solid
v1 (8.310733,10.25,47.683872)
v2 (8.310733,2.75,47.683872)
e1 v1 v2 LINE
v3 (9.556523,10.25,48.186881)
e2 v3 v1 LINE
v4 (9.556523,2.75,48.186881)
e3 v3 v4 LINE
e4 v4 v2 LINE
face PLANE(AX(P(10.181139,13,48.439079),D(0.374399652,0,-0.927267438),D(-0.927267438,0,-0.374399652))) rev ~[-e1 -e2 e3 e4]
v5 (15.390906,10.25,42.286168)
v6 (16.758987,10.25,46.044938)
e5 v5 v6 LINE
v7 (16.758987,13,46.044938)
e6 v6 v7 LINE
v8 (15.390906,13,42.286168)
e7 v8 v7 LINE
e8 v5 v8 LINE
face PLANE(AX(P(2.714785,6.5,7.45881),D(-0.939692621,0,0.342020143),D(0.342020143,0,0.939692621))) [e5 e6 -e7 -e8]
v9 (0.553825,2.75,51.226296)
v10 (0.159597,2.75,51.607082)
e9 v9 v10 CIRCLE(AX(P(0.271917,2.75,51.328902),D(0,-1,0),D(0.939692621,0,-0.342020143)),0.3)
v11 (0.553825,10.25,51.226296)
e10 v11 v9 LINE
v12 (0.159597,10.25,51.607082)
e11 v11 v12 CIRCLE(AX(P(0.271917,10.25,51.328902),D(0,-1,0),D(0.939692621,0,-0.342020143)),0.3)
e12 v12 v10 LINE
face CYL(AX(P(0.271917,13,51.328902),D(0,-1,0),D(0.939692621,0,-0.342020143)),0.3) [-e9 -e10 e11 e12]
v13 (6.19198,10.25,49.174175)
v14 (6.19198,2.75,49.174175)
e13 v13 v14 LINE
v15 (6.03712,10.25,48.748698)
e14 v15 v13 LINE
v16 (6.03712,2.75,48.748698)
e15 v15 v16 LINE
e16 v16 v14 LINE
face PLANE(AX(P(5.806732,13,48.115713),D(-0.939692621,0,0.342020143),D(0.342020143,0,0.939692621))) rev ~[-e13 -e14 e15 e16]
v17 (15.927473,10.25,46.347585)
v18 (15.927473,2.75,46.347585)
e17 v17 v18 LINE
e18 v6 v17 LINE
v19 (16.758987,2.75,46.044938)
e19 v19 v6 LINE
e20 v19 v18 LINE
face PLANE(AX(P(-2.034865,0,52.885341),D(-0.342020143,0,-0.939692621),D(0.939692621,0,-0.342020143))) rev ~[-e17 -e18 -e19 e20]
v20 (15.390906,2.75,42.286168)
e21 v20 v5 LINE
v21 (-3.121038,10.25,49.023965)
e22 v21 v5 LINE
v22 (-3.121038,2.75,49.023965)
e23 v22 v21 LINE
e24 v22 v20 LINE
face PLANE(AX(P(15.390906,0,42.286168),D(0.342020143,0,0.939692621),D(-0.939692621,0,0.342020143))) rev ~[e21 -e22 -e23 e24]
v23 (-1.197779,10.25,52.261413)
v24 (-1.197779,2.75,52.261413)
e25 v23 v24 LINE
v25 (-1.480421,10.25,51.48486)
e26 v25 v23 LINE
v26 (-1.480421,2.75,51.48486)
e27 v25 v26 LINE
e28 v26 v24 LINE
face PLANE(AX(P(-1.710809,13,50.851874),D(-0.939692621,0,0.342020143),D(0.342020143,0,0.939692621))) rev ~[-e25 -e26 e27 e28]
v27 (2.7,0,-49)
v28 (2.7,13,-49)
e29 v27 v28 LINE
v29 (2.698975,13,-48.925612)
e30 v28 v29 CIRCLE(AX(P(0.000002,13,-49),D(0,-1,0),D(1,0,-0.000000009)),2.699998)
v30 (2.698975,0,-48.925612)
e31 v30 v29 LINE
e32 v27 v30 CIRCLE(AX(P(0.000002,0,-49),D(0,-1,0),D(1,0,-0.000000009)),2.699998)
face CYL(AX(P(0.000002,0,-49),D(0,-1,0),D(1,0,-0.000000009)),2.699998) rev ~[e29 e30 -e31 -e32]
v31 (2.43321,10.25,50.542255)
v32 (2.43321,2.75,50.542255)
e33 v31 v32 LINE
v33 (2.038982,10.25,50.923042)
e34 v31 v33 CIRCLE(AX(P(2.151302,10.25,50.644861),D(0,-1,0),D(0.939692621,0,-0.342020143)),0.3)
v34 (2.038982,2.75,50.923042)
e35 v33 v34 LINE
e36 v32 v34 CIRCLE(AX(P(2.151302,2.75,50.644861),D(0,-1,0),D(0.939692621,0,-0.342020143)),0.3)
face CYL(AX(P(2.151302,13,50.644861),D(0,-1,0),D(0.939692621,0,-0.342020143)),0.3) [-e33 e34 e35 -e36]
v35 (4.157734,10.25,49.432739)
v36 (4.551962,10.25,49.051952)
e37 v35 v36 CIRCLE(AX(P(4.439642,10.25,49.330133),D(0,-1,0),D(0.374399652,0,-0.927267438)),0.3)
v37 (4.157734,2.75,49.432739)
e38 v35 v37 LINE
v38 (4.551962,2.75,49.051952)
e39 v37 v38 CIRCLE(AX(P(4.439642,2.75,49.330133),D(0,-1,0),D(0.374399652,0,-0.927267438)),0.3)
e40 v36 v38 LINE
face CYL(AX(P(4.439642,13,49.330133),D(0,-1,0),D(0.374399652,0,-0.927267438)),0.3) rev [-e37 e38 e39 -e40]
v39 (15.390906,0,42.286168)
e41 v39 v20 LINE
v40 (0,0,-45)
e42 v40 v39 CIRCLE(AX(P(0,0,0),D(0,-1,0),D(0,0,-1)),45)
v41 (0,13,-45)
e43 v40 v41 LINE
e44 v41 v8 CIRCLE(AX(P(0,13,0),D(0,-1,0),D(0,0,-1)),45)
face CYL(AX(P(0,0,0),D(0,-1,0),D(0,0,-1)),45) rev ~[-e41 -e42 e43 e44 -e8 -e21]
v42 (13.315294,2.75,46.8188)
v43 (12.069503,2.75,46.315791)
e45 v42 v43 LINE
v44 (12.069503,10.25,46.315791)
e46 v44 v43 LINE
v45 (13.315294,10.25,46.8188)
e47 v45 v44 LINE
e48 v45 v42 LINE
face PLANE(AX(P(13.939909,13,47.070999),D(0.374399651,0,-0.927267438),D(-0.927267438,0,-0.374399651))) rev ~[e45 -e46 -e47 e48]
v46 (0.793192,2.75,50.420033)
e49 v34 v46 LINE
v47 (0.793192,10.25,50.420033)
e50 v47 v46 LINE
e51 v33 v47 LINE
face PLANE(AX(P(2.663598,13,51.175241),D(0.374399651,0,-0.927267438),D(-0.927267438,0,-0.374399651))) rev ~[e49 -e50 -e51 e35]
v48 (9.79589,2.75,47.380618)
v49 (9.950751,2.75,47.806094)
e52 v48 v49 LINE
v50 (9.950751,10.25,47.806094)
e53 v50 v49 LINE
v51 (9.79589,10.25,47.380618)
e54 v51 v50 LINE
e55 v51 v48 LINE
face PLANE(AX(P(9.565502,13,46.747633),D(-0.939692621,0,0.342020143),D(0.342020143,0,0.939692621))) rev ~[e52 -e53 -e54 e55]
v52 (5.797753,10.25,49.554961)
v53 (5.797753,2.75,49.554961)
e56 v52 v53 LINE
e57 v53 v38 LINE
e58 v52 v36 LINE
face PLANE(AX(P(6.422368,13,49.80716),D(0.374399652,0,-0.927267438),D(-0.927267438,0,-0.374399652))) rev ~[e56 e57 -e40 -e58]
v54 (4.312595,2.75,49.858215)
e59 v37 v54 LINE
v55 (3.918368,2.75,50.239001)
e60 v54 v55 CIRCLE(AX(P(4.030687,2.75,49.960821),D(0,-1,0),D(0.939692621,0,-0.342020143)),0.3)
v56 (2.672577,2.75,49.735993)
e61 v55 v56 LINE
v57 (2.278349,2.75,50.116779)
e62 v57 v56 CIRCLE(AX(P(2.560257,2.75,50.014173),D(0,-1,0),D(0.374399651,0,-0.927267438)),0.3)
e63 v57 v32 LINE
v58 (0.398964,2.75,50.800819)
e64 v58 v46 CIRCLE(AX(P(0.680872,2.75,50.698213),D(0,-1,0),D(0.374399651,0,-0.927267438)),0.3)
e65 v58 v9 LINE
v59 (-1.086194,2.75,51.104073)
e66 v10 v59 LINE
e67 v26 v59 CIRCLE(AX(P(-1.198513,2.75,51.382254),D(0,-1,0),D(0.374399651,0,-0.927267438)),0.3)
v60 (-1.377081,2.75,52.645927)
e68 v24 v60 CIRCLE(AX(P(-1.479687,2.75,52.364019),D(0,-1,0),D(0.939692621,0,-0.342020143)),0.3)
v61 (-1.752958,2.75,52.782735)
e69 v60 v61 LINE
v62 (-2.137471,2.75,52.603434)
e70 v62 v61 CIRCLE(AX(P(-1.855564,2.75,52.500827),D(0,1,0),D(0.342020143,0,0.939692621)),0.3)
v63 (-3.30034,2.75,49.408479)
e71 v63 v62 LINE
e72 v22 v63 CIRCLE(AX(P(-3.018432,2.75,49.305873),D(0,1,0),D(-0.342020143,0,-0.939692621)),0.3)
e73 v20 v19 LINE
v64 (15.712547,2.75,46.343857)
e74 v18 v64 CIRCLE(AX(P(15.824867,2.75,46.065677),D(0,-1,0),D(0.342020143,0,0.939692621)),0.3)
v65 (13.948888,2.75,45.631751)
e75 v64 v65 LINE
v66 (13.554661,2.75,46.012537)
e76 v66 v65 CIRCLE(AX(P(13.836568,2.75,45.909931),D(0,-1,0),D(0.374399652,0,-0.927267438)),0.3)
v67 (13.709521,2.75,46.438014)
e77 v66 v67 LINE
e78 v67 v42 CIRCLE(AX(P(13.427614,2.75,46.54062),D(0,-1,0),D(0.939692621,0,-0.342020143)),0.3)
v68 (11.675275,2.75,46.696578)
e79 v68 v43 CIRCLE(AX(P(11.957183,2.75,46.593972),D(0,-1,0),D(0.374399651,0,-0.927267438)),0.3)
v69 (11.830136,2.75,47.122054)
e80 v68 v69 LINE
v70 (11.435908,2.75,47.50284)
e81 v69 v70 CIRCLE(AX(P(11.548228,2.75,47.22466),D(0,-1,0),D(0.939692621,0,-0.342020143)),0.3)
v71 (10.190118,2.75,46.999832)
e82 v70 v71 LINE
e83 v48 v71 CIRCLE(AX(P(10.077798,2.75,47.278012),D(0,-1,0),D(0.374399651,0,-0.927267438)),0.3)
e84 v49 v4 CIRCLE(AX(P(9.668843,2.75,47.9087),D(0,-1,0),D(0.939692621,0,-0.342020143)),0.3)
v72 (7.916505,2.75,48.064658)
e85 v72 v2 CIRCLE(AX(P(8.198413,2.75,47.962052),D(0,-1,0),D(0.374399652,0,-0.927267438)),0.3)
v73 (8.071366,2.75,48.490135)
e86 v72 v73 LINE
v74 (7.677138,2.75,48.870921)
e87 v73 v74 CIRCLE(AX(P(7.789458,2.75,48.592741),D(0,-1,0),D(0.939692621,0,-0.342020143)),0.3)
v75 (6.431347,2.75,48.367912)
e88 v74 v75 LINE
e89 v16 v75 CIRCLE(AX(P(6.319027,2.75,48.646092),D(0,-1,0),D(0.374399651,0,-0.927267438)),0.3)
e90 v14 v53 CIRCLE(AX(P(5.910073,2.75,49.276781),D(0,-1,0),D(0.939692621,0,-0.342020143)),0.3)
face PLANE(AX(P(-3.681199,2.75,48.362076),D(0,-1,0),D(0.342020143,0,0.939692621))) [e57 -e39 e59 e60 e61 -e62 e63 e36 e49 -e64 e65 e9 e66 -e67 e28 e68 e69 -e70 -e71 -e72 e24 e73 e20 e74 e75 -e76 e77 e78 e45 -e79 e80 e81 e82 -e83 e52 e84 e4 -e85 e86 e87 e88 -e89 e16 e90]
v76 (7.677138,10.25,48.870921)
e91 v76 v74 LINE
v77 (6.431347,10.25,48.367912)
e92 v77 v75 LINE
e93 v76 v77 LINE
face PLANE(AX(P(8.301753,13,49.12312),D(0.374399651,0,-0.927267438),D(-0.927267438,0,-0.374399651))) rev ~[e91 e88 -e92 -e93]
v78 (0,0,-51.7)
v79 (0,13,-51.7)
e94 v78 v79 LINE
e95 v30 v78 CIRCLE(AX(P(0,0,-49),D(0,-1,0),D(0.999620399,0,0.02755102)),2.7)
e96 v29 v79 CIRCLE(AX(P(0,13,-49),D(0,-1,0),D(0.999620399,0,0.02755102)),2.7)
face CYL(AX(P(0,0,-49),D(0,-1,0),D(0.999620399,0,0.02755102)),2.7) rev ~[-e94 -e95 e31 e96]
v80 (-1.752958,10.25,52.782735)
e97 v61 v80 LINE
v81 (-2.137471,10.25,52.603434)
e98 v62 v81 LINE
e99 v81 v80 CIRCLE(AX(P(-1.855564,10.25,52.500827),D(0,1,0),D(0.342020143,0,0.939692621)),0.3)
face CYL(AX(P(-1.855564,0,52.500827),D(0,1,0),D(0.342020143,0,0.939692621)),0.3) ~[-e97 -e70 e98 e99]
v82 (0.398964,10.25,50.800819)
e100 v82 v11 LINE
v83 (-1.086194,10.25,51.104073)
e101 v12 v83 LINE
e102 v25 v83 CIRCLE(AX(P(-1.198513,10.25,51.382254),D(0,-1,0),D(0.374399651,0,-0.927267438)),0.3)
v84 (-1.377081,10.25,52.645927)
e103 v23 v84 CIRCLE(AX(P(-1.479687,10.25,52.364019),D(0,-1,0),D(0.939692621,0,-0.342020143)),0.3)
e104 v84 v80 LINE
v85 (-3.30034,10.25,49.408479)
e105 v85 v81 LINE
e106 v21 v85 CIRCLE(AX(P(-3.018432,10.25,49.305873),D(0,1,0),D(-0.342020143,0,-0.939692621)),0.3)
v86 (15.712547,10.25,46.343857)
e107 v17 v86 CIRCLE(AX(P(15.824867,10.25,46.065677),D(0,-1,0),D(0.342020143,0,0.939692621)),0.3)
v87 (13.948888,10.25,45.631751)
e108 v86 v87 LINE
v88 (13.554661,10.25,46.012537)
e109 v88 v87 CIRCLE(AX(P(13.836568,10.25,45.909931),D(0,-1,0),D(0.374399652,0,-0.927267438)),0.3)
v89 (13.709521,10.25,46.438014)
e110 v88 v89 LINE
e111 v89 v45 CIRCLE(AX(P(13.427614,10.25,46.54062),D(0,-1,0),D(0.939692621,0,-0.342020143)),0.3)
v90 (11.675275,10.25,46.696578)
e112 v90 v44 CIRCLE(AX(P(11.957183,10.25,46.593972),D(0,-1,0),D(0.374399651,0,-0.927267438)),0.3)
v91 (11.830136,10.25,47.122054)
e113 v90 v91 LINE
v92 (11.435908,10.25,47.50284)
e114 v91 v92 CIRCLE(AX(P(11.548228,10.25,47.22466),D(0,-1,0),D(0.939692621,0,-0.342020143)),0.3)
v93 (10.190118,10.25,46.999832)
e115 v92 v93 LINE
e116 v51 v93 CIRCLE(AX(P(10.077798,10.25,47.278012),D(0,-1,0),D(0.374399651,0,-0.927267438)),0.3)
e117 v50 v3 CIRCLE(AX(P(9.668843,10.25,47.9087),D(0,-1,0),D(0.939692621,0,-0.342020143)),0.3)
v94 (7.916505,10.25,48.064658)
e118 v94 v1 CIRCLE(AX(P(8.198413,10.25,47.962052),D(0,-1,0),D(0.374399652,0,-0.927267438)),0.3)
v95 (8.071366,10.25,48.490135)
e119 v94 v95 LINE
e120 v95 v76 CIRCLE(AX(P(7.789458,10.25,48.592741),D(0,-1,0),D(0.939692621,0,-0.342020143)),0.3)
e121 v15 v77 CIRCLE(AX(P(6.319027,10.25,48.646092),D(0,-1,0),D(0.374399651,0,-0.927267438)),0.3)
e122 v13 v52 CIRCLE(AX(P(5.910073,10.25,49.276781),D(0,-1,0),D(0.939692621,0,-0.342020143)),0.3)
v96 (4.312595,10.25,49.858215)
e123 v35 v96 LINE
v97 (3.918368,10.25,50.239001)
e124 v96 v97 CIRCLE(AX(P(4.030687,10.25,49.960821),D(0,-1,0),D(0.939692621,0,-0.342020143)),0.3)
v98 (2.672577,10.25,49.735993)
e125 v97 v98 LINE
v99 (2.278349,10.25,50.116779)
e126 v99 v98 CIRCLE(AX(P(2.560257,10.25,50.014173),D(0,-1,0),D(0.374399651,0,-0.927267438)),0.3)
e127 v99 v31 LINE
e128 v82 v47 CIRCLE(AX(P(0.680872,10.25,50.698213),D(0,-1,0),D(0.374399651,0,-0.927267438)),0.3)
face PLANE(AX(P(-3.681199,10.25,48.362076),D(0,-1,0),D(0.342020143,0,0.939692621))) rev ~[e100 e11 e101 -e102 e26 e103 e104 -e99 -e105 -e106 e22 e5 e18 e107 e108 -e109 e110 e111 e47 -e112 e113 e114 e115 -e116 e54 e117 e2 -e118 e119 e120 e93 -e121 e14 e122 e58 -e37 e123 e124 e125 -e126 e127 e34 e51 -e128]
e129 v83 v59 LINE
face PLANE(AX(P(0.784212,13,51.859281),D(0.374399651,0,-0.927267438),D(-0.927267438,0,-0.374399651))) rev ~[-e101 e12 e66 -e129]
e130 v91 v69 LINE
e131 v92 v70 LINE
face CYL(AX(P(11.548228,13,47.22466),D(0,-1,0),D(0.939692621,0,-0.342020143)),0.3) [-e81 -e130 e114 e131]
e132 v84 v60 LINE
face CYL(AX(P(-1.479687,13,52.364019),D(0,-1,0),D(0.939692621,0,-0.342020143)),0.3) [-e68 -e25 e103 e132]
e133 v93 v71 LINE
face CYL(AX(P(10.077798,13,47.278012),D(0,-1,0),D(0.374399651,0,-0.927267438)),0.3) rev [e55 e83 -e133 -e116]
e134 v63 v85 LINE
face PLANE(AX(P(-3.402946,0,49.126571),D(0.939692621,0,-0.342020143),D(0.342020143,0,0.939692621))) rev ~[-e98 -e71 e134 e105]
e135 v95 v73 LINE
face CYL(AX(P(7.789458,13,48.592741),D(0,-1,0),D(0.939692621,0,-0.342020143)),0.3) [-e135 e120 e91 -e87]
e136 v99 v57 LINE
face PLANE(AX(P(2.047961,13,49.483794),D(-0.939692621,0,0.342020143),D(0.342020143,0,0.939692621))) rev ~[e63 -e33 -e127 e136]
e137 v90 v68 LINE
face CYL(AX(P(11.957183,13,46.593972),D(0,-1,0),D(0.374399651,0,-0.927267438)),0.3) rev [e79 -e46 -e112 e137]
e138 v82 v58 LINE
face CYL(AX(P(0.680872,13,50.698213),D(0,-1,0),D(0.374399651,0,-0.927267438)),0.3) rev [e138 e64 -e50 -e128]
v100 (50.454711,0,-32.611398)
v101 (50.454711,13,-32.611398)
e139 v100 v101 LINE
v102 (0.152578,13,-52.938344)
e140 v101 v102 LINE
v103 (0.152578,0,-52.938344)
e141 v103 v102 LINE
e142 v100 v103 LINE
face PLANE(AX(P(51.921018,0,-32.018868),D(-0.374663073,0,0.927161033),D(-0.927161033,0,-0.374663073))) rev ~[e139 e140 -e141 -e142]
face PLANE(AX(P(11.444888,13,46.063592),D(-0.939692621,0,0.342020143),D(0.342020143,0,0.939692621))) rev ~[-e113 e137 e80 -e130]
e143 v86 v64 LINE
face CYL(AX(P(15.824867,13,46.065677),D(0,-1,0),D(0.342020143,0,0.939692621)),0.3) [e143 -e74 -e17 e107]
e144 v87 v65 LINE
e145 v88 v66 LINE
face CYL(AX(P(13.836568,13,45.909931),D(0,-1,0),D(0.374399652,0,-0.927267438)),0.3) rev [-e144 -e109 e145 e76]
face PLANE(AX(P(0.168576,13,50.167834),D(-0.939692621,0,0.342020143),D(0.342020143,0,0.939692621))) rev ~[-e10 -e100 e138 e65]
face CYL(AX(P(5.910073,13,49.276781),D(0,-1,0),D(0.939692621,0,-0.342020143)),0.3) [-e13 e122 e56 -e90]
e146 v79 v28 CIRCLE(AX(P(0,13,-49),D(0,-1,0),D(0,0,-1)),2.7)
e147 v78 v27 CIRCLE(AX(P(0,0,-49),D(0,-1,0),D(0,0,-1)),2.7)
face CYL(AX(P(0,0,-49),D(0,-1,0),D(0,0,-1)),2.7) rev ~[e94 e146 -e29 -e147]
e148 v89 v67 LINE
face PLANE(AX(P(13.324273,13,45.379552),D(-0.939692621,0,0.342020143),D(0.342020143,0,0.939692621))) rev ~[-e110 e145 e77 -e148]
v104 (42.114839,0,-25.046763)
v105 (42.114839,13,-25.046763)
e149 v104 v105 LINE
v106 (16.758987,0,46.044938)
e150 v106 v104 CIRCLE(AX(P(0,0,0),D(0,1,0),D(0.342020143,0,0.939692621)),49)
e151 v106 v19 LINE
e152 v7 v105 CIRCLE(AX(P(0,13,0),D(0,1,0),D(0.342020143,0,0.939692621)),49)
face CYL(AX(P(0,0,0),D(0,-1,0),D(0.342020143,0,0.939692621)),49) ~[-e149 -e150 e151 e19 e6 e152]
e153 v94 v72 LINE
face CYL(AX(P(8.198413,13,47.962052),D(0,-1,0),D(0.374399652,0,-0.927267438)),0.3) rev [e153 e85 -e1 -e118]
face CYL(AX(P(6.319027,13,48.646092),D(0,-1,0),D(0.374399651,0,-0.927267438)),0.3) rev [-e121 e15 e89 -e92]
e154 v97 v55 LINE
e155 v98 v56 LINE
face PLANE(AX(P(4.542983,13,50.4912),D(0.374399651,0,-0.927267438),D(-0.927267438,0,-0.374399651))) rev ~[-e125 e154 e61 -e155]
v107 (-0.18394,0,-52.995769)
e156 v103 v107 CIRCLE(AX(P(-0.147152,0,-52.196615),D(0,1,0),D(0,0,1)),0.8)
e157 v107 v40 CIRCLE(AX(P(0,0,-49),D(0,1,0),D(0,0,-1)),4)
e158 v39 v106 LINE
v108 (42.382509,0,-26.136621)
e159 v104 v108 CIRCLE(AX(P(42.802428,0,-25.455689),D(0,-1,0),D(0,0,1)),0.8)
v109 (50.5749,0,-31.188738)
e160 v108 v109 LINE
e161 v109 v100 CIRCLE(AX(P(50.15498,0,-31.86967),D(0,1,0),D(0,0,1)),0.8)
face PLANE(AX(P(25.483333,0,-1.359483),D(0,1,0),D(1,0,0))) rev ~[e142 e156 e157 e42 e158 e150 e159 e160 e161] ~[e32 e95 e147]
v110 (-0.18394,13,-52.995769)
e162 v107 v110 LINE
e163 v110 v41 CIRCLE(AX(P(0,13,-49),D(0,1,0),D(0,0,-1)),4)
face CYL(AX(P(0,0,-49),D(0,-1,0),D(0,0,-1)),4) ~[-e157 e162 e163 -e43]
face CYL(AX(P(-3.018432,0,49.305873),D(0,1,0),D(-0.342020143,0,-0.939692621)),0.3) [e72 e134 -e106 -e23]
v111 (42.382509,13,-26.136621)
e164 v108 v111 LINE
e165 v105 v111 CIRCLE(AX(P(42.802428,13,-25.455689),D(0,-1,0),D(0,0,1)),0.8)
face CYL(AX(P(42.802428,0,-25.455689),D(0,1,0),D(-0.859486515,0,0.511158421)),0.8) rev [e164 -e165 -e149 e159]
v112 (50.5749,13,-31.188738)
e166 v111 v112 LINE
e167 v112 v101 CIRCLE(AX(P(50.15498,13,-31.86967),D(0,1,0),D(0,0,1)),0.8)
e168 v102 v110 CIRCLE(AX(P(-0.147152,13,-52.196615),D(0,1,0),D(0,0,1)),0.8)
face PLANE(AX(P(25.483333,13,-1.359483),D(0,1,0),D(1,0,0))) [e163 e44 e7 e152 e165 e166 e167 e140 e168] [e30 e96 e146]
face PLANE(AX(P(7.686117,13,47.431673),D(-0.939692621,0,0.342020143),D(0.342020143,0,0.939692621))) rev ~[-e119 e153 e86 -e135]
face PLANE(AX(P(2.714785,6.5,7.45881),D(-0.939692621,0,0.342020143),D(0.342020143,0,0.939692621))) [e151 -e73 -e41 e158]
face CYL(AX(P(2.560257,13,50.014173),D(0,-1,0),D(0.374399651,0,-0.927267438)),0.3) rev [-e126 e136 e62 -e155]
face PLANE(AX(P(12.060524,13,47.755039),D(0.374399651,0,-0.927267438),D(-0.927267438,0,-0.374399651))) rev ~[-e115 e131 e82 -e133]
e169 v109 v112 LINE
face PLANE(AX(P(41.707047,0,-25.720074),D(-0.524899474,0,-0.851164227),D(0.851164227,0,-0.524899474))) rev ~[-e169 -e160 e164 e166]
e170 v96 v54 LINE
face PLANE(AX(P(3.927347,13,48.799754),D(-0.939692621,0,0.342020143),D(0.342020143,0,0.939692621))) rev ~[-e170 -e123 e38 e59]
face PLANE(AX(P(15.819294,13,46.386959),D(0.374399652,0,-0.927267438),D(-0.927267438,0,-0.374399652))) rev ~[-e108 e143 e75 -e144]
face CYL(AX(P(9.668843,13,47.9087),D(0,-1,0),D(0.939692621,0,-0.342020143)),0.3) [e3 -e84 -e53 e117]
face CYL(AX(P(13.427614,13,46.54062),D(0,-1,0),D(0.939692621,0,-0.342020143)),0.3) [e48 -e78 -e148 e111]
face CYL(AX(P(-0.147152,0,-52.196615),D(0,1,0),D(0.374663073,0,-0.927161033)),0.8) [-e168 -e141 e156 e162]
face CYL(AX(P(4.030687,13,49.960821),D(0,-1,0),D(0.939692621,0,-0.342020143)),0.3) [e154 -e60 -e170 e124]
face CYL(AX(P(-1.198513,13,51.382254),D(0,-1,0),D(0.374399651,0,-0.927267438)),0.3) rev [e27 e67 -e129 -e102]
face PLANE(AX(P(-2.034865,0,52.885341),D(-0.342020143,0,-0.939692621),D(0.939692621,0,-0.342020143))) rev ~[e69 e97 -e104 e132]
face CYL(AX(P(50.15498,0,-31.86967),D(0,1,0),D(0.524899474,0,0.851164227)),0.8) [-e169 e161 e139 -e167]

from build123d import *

# Parameters (mm, degrees)
BOSS_EXTRUDE1_DEPTH = 13
CUT_EXTRUDE1_DEPTH  = 20
FILLET2_R           = 0.3
FILLET1_R           = 0.8
SKETCH3_OUTSIDE_W   = 144.199
SKETCH3_OUTSIDE_H   = 38.986
SKETCH3_OUTSIDE_W_2 = 5.910380326
SKETCH3_OUTSIDE_H_2 = 7.5
CUT_EXTRUDE2_DEPTH  = 20


with BuildPart() as part:
    # Sketch1 → Boss-Extrude1 (new body)
    with BuildSketch(Plane(origin=(0, 0, 0), x_dir=(1, 0, 0), z_dir=(0, 1, 0))):
        with BuildLine():
            Line((0, 51.7), (0, 53))
            ThreePointArc((0, 53), (-4, 49), (0, 45))
            ThreePointArc((0, 45), (44.316348886, 7.814167995), (15.39090645, -42.286167935))
            Line((15.39090645, -42.286167935), (-3.402945966, -49.126570802))
            Line((-3.402945966, -49.126570802), (-2.034865393, -52.885341285))
            Line((-2.034865393, -52.885341285), (16.758987023, -46.044938419))
            ThreePointArc((16.758987023, -46.044938419), (46.283080581, -16.089638031), (41.707047143, 25.720074234))
            ThreePointArc((41.707047143, 25.720074234), (25.051905135, 42.111780407), (2.698975076, 48.925612245))
            ThreePointArc((2.698975076, 48.925612245), (-1.935309657, 47.117295421), (0, 51.7))
        make_face()
        with BuildLine():
            Line((51.921017872, 32.018867925), (0, 53))
            Line((0, 53), (0, 51.7))
            ThreePointArc((0, 51.7), (1.909188309, 50.909188309), (2.7, 49))
            ThreePointArc((2.7, 49), (2.699743757, 48.962802592), (2.698975076, 48.925612245))
            ThreePointArc((2.698975076, 48.925612245), (25.051905135, 42.111780407), (41.707047143, 25.720074234))
            Line((41.707047143, 25.720074234), (51.921017872, 32.018867925))
        make_face()
    extrude(amount=BOSS_EXTRUDE1_DEPTH)

    # Sketch2 → Cut-Extrude1 (cut)
    with BuildSketch(Plane(origin=(0, 13, 0), x_dir=(1, 0, 0), z_dir=(0, 1, 0))):
        Polygon((-1.71080903, -50.851874424), (-1.095172772, -52.543321142), (0.78421247, -51.859280855), align=None)
        Polygon((0.168576212, -50.167834138), (0.78421247, -51.859280855), (2.663597711, -51.175240568), align=None)
        Polygon((2.047961453, -49.483793851), (2.663597711, -51.175240568), (4.542982953, -50.491200282), align=None)
        Polygon((3.927346695, -48.799753564), (4.542982953, -50.491200282), (6.422368194, -49.807159995), align=None)
        Polygon((5.806731936, -48.115713278), (6.422368194, -49.807159995), (8.301753436, -49.123119708), align=None)
        Polygon((7.686117178, -47.431672991), (8.301753436, -49.123119708), (10.181138677, -48.439079422), align=None)
        Polygon((9.565502419, -46.747632704), (10.181138677, -48.439079422), (12.060523919, -47.755039135), align=None)
        Polygon((11.444887661, -46.063592418), (12.060523919, -47.755039135), (13.939909161, -47.070998848), align=None)
        Polygon((13.324272903, -45.379552131), (13.939909161, -47.070998848), (15.819294402, -46.386958562), align=None)
    extrude(amount=-CUT_EXTRUDE1_DEPTH, mode=Mode.SUBTRACT)

    # Fillet2
    fillet2_edges = [part.edges().sort_by_distance(p)[0] for p in [
        (0.168576212, 6.5, 50.167834138),
        (3.927346695, 6.5, 48.799753564),
        (7.686117178, 6.5, 47.431672991),
        (11.444887661, 6.5, 46.063592418),
        (-2.034865393, 6.5, 52.885341285),
        (-3.402945966, 6.5, 49.126570802),
        (-1.71080903, 6.5, 50.851874424),
        (0.78421247, 6.5, 51.859280855),
        (-1.095172772, 6.5, 52.543321142),
        (2.047961453, 6.5, 49.483793851),
        (4.542982953, 6.5, 50.491200282),
        (2.663597711, 6.5, 51.175240568),
        (5.806731936, 6.5, 48.115713278),
        (8.301753436, 6.5, 49.123119708),
        (6.422368194, 6.5, 49.807159995),
        (9.565502419, 6.5, 46.747632704),
        (12.060523919, 6.5, 47.755039135),
        (10.181138677, 6.5, 48.439079422),
        (13.324272903, 6.5, 45.379552131),
        (15.819294402, 6.5, 46.386958562),
        (13.939909161, 6.5, 47.070998848),
    ]]
    fillet(fillet2_edges, radius=FILLET2_R)

    # Fillet1
    fillet1_edges = [part.edges().sort_by_distance(p)[0] for p in [
        (51.921017872, 6.5, -32.018867925),
        (41.707047143, 6.5, -25.720074234),
        (0, 6.5, -53),
    ]]
    fillet(fillet1_edges, radius=FILLET1_R)

    # Sketch3 outside → Cut-Extrude2 (cut)
    with BuildSketch(Plane(origin=(-18.793852416, 0, 6.840402867), x_dir=(0.342020143, 0, 0.939692621), z_dir=(-0.939692621, 0, 0.342020143))):
        with Locations((7.9375, 6.5)):
            Rectangle(SKETCH3_OUTSIDE_W, SKETCH3_OUTSIDE_H)
        with Locations((47.141631591, 6.5)):
            Rectangle(SKETCH3_OUTSIDE_W_2, SKETCH3_OUTSIDE_H_2, mode=Mode.SUBTRACT)
    extrude(amount=-CUT_EXTRUDE2_DEPTH, mode=Mode.SUBTRACT)


solid = part.part
